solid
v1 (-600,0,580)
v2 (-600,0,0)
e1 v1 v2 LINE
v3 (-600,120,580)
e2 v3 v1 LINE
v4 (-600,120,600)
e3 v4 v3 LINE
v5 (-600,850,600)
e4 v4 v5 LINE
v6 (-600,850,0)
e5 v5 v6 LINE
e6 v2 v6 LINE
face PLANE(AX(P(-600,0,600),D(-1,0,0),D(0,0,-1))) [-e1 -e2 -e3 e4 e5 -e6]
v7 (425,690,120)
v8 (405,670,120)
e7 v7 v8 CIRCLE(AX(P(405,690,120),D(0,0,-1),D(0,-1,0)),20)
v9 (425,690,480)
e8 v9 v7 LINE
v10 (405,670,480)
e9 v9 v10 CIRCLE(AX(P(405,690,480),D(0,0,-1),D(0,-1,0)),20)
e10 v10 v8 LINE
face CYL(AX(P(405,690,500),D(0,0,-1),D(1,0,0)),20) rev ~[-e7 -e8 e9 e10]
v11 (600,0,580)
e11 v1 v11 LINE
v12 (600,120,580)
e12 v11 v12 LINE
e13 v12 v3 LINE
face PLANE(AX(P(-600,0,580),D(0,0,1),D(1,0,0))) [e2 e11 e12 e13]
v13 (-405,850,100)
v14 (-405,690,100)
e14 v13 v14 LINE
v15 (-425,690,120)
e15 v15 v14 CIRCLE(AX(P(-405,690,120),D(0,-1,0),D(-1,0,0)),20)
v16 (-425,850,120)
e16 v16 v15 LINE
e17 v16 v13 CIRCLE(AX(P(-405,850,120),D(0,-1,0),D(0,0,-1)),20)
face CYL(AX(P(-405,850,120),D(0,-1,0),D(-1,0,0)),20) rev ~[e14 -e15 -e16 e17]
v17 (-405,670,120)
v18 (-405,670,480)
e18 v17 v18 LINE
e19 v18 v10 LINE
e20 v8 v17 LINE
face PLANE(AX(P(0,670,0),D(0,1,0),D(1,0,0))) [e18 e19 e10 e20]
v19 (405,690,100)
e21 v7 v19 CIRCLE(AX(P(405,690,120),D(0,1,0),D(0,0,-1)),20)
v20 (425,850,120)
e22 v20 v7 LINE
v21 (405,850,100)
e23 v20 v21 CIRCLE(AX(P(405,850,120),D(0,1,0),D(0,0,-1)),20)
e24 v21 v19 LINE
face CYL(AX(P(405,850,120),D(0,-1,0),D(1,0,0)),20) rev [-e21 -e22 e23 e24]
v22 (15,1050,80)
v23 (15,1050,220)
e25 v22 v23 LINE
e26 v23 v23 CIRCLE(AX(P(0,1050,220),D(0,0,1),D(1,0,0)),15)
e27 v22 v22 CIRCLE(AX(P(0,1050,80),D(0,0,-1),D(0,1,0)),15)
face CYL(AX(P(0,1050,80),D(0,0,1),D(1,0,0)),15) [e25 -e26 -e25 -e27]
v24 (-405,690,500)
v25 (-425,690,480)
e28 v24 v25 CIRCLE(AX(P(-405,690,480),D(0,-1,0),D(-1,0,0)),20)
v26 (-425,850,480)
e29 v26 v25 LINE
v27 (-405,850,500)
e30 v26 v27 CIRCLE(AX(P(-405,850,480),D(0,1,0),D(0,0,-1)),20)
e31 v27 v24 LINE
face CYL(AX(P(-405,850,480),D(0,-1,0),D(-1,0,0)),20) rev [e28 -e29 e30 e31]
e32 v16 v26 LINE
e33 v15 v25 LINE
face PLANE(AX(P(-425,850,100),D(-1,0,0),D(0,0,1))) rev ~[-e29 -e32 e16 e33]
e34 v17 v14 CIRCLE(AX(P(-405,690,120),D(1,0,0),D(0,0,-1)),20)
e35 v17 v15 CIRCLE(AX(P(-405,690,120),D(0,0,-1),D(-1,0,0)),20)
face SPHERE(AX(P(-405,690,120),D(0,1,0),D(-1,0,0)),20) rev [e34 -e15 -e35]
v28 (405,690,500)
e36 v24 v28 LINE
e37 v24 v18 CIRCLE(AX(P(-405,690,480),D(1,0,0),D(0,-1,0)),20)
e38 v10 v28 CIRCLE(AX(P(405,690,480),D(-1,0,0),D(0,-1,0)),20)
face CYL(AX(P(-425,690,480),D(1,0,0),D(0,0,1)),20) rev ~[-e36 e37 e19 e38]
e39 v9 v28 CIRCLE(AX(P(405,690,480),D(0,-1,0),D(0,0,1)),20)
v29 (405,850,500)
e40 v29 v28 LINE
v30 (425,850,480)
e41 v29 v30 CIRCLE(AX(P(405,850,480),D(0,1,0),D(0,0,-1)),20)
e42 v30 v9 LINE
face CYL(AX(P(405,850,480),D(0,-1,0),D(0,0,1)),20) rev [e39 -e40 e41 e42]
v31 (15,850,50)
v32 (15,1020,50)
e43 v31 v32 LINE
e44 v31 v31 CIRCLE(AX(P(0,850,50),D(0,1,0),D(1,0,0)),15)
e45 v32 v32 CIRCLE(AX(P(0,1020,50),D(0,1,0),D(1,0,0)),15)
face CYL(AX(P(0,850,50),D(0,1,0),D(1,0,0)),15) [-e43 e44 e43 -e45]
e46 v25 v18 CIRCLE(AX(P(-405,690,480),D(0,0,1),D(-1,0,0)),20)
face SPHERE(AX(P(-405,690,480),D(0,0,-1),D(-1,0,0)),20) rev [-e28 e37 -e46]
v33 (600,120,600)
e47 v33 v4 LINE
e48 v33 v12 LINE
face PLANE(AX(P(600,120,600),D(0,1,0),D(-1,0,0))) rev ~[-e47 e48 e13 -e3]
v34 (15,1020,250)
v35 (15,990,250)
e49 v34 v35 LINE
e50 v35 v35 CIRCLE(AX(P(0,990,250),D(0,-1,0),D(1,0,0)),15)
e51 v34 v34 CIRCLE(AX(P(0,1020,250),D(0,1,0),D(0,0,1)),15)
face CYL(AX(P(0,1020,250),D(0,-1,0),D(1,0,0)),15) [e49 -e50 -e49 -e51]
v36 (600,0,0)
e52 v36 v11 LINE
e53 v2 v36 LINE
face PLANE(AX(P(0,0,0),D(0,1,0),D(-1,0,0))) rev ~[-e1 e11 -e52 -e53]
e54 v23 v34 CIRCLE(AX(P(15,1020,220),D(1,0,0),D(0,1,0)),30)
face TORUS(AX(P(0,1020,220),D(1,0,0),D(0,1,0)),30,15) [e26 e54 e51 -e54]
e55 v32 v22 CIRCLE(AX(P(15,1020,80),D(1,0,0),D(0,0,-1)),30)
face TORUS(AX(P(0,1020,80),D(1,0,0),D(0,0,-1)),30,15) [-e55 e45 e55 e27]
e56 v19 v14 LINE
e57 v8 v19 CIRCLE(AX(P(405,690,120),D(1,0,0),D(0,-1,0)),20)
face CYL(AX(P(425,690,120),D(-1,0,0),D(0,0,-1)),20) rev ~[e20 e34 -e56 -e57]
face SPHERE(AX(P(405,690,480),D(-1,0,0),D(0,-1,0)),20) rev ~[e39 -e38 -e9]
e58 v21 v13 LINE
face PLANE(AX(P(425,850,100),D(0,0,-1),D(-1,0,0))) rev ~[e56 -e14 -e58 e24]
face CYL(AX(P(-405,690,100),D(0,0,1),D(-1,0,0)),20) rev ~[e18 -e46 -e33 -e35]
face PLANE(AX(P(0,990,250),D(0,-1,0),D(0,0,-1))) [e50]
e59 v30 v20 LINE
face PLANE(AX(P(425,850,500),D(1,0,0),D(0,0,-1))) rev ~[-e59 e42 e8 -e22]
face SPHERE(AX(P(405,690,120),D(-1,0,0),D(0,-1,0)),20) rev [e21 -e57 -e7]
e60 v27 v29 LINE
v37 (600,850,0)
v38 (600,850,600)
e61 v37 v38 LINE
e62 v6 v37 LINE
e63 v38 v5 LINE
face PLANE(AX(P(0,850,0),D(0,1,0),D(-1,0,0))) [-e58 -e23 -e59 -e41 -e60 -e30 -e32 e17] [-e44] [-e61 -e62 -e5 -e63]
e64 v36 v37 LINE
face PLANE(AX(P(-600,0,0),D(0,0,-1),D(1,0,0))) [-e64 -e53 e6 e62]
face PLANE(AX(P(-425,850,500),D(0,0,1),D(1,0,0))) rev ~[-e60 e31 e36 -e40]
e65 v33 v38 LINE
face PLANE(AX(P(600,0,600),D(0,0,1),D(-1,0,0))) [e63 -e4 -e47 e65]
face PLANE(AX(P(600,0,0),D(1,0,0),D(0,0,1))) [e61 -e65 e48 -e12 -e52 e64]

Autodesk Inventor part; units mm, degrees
ref_plane "YZ Plane" through (0, 0, 0) normal (1, 0, 0) x (0, 1, 0)
ref_plane "XZ Plane" through (0, 0, 0) normal (0, 1, 0) x (-1, 0, 0)
ref_plane "XY Plane" through (0, 0, 0) normal (0, 0, 1) x (1, 0, 0)
sketch "Sketch1" plane through (0, 0, 0) normal (0, 1, 0) x (-1, 0, 0)
  line L0 (600, 0) -> (-600, 0)
  line L1 (-600, 0) -> (-600, 600)
  line L2 (-600, 600) -> (600, 600)
  line L3 (600, 600) -> (600, 0)
  point P0 (0, 0)
  point P1 (0, 0)
  dimension "d0" = 1200
  dimension "d1" = 600
extrude "Extrusion1" add sketch "Sketch1" along normal blind 850
sketch "Sketch2" plane through (0, 850, 0) normal (0, 1, 0) x (1, 0, 0)
  line L0 (-425, -500) -> (425, -500)
  line L1 (425, -500) -> (425, -100)
  line L2 (425, -100) -> (-425, -100)
  line L3 (-425, -100) -> (-425, -500)
  line L4 (-425, -500) -> (425, -100) construction
  line L5 (425, -500) -> (-425, -100) construction
  line L6 (-600, 0) -> (-600, -600) projected
  line L7 (-600, -600) -> (600, -600) projected
  point P0 (0, 0)
  point P1 (0, -300)
  point P2 (-600, -300)
  point P3 (-600, -300)
  point P4 (0, -600)
  dimension "d4" = 850
  dimension "d5" = 400
extrude "Extrusion2" cut sketch "Sketch2" against normal blind 180
fillet "Fillet1" radius 20 8 edges at (-425, 760, 100) (-425, 670, 300) (0, 670, 100) (-425, 760, 500) (0, 670, 500) (425, 670, 300) (425, 760, 500) (425, 760, 100)
sketch "Sketch3" plane through (-600, 0, 600) normal (0, 0, 1) x (1, 0, 0)
  line L0 (0, 0) -> (1200, 0) projected
  line L1 (1200, 0) -> (1200, 850) projected
  line L2 (0, 0) -> (1200, 0)
  line L3 (1200, 0) -> (1200, 120)
  line L4 (1200, 120) -> (0, 120)
  line L5 (0, 120) -> (0, 0)
  point P0 (600, 0)
  dimension "d9" = 120
extrude "Extrusion3" cut sketch "Sketch3" against normal blind 20
sketch "Sketch4" plane through (0, 0, 0) normal (1, 0, 0) x (0, 1, 0)
  line L0 (850, 120) -> (850, 100) projected
  line L1 (850, 120) -> (850, 480) projected
  line L2 (850, 500) -> (850, 480) projected
  line L3 (850, 480) -> (850, 500) projected
  line L4 (850, 480) -> (850, 120) projected
  line L5 (850, 100) -> (850, 120) projected
  line L6 (850, 600) -> (850, 0) projected
  line L7 (850, 0) -> (850, 600) projected
  line L8 (850, 50) -> (1020, 50)
  arc A0 (1020, 50) -> (1050, 80) centre (1020, 80) ccw
  line L9 (1050, 80) -> (1050, 220)
  arc A1 (1050, 220) -> (1020, 250) centre (1020, 220) ccw
  line L10 (1020, 250) -> (990, 250)
  point P0 (0, 0)
  dimension "d12" = 60
  dimension "d13" = 200
  dimension "d14" = 50
  dimension "d15" = 200
  dimension "d16" = 30
sketch "Sketch5" plane through (0, 850, 0) normal (0, 1, 0) x (1, 0, 0)
  circle A0 centre (0, -50) radius 15
  point P0 (0, 0)
  dimension "d17" = 30
sweep "Sweep1" add profiles "Sketch5" path "Sketch4" path curves L8 A0 L9 A1 L10
properties part number "Mobile lavandino 1200"
